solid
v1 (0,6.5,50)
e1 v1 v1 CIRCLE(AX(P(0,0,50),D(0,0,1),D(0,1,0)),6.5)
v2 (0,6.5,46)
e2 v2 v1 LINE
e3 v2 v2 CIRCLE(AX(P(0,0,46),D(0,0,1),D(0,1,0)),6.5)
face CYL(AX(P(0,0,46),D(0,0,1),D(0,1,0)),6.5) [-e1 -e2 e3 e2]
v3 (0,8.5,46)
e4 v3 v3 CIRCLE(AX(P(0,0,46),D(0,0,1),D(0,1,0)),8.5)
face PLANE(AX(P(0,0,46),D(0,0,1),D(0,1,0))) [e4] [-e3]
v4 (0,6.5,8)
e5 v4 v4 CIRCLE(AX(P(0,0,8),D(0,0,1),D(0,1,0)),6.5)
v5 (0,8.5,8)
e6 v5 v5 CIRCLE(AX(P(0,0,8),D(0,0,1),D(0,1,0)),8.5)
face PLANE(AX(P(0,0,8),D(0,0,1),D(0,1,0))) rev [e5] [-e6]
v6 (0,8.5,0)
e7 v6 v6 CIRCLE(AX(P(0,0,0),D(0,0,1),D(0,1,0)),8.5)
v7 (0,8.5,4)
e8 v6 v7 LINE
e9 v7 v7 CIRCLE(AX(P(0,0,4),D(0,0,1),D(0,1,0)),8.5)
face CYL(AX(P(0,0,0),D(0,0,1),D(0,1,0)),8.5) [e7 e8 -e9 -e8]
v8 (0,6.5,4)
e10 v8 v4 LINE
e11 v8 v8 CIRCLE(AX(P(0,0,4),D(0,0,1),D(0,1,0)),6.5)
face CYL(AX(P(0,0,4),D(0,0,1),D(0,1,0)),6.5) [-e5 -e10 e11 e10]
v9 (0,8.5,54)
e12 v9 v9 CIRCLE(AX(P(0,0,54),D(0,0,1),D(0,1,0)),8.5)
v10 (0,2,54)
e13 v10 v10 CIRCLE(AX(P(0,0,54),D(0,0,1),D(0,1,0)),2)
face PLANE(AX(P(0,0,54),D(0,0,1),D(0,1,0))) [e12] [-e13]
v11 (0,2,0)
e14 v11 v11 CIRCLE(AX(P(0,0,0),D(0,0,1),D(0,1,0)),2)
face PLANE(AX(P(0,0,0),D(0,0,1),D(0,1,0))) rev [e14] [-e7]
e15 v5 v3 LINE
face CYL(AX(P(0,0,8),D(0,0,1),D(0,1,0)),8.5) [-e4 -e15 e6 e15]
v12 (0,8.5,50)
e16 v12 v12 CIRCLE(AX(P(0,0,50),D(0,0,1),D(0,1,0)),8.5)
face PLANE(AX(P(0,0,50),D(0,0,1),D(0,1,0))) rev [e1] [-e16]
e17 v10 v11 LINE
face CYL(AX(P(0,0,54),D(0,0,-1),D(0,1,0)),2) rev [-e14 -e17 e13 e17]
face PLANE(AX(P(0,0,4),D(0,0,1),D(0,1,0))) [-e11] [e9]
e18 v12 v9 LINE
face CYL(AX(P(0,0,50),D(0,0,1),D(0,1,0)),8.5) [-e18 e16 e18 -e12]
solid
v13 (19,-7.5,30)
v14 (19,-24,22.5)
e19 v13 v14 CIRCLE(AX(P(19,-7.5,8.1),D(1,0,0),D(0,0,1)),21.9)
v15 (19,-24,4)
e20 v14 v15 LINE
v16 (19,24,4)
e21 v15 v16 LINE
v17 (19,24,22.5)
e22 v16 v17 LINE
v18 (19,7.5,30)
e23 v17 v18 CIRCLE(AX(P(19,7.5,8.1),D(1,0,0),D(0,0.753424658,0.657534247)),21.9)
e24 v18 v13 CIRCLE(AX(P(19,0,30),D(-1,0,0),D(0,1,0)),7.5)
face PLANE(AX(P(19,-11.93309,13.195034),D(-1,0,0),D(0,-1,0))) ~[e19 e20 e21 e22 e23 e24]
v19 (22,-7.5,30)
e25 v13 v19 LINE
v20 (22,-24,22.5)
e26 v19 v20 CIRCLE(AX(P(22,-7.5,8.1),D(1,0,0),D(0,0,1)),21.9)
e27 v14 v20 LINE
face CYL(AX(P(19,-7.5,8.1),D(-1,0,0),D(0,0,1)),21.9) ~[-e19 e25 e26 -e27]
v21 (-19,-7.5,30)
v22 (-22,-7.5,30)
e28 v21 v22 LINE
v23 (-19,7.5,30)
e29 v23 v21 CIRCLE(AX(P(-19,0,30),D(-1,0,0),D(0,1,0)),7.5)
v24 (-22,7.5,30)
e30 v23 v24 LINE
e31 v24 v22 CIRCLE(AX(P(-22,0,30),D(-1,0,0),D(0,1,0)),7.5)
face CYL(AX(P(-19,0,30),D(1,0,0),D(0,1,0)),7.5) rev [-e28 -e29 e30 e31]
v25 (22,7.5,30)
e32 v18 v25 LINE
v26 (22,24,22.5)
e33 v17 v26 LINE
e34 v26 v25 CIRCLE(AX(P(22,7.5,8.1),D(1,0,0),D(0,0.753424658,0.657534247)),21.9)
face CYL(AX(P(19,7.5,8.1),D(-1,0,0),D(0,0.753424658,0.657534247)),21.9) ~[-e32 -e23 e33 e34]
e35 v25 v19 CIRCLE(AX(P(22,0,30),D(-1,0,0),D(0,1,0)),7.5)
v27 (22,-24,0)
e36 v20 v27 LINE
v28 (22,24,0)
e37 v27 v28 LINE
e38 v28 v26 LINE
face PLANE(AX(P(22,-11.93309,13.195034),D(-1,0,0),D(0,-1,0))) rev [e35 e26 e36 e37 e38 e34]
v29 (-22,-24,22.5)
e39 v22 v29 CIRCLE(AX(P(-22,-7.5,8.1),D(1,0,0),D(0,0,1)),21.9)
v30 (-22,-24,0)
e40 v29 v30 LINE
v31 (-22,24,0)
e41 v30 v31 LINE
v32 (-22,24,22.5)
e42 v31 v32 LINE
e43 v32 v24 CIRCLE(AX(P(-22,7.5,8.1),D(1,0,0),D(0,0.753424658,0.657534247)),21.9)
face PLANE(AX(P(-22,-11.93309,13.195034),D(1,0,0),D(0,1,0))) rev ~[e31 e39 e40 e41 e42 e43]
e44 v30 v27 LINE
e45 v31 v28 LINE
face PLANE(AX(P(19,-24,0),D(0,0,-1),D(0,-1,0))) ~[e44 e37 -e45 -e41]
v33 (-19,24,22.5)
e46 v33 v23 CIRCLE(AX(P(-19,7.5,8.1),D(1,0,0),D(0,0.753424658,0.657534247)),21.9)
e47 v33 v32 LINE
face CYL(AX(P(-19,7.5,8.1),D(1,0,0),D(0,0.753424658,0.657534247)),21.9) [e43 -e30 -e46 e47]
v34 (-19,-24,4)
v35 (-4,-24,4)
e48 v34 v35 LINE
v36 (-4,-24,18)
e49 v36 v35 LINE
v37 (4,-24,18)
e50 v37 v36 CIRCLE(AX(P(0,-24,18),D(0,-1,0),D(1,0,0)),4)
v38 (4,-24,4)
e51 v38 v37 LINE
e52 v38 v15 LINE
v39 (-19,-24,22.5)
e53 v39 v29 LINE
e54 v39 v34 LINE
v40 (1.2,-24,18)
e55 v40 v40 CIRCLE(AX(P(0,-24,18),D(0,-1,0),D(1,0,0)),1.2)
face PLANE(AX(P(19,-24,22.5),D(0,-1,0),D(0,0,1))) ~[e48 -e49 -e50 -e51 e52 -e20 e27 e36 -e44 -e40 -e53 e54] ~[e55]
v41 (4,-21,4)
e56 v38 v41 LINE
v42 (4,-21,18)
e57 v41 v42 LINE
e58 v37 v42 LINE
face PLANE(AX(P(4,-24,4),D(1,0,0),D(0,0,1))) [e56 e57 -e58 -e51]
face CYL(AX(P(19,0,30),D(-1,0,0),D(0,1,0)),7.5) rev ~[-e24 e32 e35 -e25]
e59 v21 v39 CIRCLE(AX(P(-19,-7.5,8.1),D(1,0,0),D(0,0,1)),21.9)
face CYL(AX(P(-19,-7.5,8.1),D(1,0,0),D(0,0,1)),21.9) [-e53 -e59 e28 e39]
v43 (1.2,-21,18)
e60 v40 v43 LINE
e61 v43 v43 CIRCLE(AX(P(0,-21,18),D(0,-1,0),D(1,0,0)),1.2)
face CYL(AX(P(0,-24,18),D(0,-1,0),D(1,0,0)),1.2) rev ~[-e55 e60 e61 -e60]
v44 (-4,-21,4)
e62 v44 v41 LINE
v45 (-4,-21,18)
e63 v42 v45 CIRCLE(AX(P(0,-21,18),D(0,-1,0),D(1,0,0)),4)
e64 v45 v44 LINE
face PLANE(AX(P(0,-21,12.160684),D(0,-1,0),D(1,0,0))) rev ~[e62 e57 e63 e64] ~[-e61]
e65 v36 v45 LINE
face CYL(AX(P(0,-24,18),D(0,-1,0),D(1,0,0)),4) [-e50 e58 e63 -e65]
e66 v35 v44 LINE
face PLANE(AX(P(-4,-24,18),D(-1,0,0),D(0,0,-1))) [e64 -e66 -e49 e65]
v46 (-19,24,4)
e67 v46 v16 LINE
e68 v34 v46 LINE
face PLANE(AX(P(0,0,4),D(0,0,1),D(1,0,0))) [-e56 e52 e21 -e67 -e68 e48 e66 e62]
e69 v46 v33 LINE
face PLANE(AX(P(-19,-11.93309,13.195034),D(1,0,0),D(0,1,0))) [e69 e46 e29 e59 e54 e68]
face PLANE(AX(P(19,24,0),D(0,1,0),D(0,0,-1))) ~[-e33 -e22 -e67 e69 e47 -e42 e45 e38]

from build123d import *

# Parameters (mm, degrees)
F5_W      = 38
F5_H      = 48
F6_DEPTH  = 4
F9_DEPTH  = 3
F12_R     = 1.2
F13_DEPTH = 3


with BuildPart() as f2:
    # F1 (on Right) → F2 (revolve)
    with BuildSketch(Plane.YZ):
        Polygon((2, 54), (2, 0), (8.5, 0), (8.5, 4), (6.5, 4), (6.5, 8), (8.5, 8), (8.5, 46), (6.5, 46), (6.5, 50), (8.5, 50), (8.5, 54), align=None)
    revolve(axis=Axis((0, 0, 6.5396283753), (0, 0, 1)))


with BuildPart() as f6:
    # F5 (on Top) → F6 (new body)
    with BuildSketch(Plane.XY):
        Rectangle(F5_W, F5_H)
    extrude(amount=F6_DEPTH)



with BuildPart() as f9:
    # F8 (on face) → F9 (new body)
    with BuildSketch(Plane.YZ.offset(-19)):
        with BuildLine():
            ThreePointArc((0, 22.5), (-5.3033008589, 24.6966991411), (-7.5, 30))
            ThreePointArc((-7.5, 30), (-16.5622844802, 28.0370258564), (-24, 22.5))
            Line((-24, 22.5), (-24, 0))
            Line((-24, 0), (0, 0))
            Line((0, 0), (0, 22.5))
        make_face()
        with BuildLine():
            ThreePointArc((7.5, 30), (5.3033008589, 24.6966991411), (0, 22.5))
            Line((0, 22.5), (0, 0))
            Line((0, 0), (24, 0))
            Line((24, 0), (24, 22.5))
            ThreePointArc((24, 22.5), (16.5622844802, 28.0370258564), (7.5, 30))
        make_face()
    extrude(amount=-F9_DEPTH)


with BuildPart() as f6_1:
    add(f6.part)

    add(f9.part)  # F10 merges F9
    # F10: F9 across plane
    add(f9.part.mirror(Plane.YZ))

    # F12 (on face) → F13 (join)
    with BuildSketch(Plane.XZ.offset(24)):
        with BuildLine():
            Line((-4, 18), (-4, 4))
            Line((-4, 4), (4, 4))
            Line((4, 4), (4, 18))
            ThreePointArc((4, 18), (0, 22), (-4, 18))
        make_face()
        with Locations((0, 18)):
            Circle(F12_R, mode=Mode.SUBTRACT)
    extrude(amount=-F13_DEPTH)


solid = Compound([f2.part, f6_1.part])
